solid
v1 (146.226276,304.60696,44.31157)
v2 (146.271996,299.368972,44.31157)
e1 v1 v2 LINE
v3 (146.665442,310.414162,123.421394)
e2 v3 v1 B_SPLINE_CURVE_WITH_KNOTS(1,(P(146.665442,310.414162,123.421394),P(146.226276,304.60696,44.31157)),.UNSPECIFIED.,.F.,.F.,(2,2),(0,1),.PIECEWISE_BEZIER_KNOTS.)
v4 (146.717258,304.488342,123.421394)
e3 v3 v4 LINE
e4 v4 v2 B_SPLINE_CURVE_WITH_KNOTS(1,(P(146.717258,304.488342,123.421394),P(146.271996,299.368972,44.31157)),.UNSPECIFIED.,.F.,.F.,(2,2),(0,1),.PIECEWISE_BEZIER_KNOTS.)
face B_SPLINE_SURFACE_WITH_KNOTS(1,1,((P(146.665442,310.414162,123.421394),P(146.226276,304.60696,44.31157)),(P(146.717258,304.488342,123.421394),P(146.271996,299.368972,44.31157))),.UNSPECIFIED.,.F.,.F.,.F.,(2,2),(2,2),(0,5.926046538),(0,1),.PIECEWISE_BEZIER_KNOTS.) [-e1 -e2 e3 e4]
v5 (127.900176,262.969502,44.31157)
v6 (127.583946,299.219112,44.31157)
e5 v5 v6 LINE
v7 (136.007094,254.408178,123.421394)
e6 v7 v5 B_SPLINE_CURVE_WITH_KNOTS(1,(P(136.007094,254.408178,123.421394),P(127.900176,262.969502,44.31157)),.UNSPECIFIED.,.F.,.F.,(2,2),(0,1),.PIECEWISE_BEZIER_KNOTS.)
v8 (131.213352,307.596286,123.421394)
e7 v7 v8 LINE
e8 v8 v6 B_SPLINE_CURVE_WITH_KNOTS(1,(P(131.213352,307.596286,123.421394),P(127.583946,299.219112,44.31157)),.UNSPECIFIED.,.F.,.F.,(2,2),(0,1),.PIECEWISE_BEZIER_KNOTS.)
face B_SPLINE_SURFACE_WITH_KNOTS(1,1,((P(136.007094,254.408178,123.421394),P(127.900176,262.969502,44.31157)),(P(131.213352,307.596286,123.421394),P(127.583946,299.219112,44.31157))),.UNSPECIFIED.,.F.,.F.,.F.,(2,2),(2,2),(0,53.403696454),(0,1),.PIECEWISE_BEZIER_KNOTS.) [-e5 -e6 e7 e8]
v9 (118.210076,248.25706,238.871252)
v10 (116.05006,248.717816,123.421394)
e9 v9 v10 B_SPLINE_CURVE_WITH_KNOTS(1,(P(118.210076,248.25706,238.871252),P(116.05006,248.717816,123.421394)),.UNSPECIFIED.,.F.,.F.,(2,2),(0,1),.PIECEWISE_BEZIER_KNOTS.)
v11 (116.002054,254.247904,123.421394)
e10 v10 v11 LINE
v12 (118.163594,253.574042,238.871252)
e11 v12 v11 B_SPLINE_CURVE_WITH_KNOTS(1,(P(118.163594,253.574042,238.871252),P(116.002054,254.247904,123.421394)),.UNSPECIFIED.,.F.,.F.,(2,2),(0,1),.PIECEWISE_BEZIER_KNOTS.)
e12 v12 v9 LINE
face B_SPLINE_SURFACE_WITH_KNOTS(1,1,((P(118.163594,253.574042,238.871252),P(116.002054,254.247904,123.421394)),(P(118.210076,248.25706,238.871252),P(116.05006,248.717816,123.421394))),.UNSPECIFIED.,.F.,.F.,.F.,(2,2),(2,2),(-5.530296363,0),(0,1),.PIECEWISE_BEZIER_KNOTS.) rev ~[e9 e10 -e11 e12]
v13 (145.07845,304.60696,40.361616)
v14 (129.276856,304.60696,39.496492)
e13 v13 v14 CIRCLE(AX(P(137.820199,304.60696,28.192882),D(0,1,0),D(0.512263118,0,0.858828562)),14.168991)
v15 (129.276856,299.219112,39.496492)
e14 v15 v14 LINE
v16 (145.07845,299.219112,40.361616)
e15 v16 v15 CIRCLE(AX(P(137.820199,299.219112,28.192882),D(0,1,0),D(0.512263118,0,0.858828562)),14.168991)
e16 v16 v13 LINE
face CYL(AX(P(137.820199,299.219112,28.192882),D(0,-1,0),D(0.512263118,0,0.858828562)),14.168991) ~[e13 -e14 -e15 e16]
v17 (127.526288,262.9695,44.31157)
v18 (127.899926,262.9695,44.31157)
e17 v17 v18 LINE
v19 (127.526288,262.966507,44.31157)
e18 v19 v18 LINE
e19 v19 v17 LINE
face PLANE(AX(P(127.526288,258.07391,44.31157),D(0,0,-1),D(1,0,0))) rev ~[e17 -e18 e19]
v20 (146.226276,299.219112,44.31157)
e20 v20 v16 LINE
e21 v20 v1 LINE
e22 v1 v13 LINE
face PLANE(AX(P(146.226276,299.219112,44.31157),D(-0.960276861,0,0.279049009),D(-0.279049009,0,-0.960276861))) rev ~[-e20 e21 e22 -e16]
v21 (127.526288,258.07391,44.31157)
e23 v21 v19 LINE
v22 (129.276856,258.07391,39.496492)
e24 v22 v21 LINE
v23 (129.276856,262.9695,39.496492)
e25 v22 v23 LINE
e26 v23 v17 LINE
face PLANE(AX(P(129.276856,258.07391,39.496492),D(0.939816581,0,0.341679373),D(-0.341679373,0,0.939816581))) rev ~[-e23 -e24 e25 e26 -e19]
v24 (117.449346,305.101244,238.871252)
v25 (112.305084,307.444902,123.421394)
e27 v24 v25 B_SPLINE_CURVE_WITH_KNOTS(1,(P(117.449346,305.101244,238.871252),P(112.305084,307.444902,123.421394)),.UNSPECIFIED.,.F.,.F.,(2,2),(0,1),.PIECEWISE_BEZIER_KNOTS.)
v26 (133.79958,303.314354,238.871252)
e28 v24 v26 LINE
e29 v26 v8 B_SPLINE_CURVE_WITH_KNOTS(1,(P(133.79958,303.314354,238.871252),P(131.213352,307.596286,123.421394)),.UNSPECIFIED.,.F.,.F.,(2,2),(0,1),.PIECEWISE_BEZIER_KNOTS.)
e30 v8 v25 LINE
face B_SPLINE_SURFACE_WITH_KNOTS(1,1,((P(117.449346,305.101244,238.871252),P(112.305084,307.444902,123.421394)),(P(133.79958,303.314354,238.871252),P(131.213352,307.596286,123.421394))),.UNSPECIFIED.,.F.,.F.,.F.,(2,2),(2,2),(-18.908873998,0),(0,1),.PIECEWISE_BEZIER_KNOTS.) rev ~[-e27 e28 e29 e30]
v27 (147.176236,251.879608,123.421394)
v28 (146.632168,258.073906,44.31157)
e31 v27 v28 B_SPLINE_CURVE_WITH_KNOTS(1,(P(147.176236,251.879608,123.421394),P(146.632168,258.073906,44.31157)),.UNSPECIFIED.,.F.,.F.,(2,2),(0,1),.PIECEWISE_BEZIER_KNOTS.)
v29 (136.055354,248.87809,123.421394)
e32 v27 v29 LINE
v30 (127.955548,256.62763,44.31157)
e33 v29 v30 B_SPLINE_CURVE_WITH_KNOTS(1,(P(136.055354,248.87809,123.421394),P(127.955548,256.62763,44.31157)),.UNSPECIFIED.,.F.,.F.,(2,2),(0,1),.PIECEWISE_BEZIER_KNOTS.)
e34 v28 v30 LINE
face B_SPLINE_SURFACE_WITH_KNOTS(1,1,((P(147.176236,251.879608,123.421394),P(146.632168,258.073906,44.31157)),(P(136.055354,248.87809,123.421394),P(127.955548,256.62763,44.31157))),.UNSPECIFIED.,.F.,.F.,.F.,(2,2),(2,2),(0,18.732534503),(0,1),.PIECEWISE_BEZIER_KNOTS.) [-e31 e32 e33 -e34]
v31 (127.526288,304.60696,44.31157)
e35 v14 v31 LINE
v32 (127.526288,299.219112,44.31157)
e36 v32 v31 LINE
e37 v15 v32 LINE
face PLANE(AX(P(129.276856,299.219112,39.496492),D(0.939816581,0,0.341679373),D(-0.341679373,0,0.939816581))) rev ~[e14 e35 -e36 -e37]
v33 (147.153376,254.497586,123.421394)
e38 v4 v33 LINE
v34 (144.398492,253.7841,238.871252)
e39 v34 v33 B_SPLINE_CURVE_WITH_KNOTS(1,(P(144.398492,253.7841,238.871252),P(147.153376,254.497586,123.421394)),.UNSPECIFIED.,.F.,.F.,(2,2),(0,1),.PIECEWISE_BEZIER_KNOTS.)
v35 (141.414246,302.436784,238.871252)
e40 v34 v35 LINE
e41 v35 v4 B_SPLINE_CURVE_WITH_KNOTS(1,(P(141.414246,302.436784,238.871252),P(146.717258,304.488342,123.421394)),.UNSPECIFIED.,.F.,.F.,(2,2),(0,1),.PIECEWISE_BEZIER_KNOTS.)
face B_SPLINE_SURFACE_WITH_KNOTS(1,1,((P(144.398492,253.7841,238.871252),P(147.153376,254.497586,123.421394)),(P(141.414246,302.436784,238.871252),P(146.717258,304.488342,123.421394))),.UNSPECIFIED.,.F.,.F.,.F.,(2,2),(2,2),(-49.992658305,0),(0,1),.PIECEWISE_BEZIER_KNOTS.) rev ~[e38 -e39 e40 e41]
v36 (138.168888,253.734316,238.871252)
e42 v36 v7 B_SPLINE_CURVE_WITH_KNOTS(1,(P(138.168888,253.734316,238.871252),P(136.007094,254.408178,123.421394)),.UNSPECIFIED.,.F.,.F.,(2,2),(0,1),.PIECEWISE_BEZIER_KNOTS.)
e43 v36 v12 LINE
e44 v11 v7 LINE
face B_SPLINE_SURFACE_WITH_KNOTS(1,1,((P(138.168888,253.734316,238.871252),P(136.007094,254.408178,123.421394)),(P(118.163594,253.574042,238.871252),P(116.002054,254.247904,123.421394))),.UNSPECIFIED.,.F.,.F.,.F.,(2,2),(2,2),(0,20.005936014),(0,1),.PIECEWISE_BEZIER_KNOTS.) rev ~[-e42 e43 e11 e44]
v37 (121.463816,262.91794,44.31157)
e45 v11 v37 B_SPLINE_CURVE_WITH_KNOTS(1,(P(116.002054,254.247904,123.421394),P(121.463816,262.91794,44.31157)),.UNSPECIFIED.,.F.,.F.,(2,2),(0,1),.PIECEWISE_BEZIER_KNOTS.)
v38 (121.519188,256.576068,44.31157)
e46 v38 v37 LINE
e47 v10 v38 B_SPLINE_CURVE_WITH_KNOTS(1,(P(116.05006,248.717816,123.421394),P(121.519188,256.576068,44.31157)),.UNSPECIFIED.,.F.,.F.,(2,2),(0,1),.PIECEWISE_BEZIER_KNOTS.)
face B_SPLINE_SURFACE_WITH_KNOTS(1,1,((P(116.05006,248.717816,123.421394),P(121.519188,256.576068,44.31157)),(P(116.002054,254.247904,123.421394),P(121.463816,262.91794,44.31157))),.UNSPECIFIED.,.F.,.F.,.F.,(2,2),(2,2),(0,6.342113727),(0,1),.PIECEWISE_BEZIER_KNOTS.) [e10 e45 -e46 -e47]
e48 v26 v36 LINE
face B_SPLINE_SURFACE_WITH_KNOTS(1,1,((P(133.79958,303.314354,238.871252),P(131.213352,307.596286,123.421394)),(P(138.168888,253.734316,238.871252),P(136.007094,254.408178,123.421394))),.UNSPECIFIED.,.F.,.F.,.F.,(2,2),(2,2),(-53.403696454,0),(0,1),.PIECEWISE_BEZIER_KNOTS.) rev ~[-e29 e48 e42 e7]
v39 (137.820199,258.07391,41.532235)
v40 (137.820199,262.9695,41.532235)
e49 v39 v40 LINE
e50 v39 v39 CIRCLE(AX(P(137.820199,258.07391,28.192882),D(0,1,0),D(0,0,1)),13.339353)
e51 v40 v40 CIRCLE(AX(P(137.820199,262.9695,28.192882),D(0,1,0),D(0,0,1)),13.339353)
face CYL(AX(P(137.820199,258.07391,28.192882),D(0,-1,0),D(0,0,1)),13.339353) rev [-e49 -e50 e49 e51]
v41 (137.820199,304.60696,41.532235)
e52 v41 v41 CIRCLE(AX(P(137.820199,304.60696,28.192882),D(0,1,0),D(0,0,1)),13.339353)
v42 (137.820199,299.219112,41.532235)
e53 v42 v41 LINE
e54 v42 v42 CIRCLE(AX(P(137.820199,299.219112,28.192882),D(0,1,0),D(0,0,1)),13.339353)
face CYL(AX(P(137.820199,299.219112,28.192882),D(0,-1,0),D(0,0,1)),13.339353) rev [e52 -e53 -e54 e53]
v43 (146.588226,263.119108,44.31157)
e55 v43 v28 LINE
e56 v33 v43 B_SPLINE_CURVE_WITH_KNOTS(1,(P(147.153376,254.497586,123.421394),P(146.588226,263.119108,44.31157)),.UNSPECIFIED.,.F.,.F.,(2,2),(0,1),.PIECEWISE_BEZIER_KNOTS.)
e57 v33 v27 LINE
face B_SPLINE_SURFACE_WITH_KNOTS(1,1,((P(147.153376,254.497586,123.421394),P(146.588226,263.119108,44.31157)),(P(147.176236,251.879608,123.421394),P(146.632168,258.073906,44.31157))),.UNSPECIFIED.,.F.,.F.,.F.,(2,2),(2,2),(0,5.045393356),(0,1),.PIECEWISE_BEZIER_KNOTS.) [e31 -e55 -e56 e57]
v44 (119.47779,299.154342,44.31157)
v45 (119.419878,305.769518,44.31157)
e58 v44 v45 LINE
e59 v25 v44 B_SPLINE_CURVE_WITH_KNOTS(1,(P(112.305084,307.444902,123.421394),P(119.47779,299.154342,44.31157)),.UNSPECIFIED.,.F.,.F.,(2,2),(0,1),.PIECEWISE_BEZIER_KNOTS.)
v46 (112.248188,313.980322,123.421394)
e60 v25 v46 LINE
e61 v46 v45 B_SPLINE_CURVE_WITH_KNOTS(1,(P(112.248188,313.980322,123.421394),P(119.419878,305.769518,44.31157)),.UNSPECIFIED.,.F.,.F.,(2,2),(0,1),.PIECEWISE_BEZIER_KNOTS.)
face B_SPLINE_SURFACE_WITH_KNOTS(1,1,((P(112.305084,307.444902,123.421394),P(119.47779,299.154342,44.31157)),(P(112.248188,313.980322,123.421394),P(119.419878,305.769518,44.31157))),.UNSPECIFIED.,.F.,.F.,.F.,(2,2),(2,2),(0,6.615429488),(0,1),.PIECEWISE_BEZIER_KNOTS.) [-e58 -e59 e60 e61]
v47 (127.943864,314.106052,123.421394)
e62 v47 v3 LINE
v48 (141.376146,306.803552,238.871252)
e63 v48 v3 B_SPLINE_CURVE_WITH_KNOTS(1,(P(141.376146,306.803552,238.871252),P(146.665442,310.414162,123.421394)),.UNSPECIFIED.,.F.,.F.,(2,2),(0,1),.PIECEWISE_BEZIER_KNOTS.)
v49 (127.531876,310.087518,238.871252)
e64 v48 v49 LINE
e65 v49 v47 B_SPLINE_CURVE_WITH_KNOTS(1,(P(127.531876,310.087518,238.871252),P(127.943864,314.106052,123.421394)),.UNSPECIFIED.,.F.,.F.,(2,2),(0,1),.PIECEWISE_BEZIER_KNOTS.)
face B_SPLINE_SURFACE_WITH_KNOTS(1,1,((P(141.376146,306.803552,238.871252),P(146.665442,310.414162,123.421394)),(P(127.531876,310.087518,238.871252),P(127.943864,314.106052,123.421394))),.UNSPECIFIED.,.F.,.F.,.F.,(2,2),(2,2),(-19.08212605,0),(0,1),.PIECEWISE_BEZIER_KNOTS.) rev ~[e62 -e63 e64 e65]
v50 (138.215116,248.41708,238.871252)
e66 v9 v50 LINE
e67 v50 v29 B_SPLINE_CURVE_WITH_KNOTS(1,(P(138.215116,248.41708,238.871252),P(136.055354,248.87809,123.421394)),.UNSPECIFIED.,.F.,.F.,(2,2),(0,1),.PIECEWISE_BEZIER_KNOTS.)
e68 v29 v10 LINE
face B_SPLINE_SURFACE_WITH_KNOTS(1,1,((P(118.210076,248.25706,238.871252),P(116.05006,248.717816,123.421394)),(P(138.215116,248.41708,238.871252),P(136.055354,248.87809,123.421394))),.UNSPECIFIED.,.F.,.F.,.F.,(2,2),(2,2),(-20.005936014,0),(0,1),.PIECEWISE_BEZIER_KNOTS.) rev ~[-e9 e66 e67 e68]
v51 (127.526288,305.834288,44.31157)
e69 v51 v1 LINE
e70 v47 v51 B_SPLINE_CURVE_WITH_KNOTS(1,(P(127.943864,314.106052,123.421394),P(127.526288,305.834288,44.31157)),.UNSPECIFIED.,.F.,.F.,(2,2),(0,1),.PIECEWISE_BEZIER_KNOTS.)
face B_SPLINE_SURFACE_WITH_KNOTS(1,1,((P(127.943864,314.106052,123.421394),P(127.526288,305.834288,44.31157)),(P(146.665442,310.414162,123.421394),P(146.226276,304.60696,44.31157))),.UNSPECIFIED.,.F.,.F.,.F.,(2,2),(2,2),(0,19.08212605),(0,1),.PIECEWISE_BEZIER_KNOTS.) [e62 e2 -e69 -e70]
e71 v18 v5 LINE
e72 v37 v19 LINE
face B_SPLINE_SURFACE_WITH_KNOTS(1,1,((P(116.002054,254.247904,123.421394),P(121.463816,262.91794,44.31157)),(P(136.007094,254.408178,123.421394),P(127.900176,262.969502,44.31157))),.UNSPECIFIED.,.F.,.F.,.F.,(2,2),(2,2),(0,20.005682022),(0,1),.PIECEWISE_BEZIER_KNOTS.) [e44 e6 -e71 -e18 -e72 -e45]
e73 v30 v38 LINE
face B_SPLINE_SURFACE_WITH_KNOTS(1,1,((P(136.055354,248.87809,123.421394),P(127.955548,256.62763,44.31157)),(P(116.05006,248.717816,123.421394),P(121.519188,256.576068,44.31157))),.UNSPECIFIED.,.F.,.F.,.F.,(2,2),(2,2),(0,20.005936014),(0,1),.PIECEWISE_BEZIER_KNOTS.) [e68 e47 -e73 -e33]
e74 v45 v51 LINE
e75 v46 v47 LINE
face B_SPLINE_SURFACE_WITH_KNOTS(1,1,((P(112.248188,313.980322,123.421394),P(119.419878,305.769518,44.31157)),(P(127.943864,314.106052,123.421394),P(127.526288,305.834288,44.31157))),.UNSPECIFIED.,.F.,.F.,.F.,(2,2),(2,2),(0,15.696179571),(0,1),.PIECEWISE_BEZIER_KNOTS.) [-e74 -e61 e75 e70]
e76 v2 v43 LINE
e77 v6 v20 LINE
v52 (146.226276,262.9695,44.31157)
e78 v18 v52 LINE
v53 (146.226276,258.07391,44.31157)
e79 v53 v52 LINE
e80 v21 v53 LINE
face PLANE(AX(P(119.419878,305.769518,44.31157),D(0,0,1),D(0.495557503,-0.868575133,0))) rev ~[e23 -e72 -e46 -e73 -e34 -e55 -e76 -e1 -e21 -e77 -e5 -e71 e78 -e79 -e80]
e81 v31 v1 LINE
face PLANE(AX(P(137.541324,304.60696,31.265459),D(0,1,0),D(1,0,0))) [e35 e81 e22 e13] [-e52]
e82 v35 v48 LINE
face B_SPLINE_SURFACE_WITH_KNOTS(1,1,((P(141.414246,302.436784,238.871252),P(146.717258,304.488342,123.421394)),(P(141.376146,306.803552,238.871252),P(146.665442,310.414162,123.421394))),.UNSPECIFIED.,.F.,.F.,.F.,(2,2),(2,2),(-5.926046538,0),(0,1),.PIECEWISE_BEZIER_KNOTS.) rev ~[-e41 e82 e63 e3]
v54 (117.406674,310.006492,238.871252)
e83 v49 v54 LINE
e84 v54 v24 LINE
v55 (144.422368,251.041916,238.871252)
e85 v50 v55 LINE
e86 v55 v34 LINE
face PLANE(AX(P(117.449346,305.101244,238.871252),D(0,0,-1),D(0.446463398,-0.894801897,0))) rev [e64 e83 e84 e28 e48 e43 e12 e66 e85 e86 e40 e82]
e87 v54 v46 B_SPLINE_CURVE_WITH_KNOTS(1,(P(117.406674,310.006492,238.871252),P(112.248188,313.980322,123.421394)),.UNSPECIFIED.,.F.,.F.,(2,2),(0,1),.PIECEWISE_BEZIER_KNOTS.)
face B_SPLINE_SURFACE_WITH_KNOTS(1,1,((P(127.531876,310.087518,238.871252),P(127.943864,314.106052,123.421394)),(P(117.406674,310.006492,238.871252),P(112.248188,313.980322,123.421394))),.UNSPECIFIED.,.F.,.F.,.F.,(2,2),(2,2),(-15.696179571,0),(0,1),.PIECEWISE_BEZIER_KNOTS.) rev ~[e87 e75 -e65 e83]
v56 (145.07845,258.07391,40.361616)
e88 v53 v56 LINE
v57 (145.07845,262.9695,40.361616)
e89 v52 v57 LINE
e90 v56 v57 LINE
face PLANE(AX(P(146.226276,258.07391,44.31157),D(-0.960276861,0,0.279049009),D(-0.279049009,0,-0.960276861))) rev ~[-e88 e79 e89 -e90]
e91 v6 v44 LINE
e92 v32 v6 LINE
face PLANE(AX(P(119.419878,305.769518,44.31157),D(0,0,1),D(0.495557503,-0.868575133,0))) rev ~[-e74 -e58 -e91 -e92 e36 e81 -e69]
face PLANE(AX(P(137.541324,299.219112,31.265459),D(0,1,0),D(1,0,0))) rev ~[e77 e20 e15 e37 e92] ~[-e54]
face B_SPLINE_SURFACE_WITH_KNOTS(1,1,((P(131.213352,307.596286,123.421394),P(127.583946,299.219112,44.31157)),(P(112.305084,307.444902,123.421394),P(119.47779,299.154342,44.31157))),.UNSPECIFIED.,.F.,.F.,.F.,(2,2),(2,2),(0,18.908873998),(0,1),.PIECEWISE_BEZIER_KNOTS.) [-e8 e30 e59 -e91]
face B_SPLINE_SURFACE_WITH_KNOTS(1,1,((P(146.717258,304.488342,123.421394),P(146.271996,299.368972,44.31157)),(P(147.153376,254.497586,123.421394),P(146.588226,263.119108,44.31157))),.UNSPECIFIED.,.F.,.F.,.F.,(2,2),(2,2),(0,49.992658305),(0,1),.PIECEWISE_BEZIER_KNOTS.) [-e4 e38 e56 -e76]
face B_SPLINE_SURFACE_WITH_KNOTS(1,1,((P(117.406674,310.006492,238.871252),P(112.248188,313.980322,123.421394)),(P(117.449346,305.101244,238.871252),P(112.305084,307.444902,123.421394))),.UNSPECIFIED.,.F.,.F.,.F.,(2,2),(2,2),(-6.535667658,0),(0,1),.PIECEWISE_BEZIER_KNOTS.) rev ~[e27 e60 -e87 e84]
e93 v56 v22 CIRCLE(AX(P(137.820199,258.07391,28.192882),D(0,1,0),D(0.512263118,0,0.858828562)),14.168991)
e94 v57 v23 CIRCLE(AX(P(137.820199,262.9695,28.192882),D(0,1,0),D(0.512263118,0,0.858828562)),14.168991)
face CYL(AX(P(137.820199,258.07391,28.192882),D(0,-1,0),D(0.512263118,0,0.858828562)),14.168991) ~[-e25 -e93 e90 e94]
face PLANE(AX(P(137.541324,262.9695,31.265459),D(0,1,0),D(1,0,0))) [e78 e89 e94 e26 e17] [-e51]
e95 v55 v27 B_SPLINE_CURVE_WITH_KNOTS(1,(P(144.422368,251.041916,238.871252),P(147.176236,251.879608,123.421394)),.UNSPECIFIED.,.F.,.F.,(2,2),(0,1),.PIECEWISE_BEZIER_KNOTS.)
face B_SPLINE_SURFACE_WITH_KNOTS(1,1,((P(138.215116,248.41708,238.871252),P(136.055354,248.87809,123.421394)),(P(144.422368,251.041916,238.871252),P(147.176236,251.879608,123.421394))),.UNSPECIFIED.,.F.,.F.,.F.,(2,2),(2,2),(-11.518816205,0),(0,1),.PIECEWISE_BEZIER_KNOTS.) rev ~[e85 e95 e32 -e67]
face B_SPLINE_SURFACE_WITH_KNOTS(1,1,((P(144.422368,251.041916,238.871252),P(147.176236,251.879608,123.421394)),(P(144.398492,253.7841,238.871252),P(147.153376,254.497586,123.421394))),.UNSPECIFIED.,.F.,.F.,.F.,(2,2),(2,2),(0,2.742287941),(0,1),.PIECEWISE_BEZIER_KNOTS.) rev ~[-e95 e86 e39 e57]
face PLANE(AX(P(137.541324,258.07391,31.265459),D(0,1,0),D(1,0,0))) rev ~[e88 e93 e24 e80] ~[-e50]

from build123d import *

# Parameters (mm, degrees)
SKETCH4_R           = 13.33935295
BOSS_EXTRUDE1_DEPTH = 5.387848
BOSS_EXTRUDE2_START = -41.145202
SKETCH4_2_R         = 13.33935295
BOSS_EXTRUDE2_DEPTH = 4.89559


with BuildPart() as part:
    # Sketch1 → Loft1 section 0
    with BuildSketch(Plane.XY.offset(238.871252)):
        with BuildLine():
            Line((117.449346, 305.101244), (133.79958, 303.314354))
            Line((133.79958, 303.314354), (138.168888, 253.734316))
            Line((138.168888, 253.734316), (118.163594, 253.574042))
            Line((118.163594, 253.574042), (118.210076, 248.25706))
            Line((118.210076, 248.25706), (138.215116, 248.41708))
            Line((138.215116, 248.41708), (144.422368, 251.041916))
            Line((144.422368, 251.041916), (144.398492, 253.7841))
            Line((144.398492, 253.7841), (141.414246, 302.436784))
            Line((141.414246, 302.436784), (141.376146, 306.803552))
            Line((141.376146, 306.803552), (127.531876, 310.087518))
            Line((127.531876, 310.087518), (117.406674, 310.006492))
            Line((117.406674, 310.006492), (117.449346, 305.101244))
        make_face()
    # Sketch2 → Loft1 section 1
    with BuildSketch(Plane.XY.offset(123.421394)):
        with BuildLine():
            Line((112.248188, 313.980322), (127.943864, 314.106052))
            Line((127.943864, 314.106052), (146.665442, 310.414162))
            Line((146.665442, 310.414162), (146.717258, 304.488342))
            Line((146.717258, 304.488342), (147.153376, 254.497586))
            Line((147.153376, 254.497586), (147.176236, 251.879608))
            Line((147.176236, 251.879608), (136.055354, 248.87809))
            Line((136.055354, 248.87809), (116.05006, 248.717816))
            Line((116.05006, 248.717816), (116.002054, 254.247904))
            Line((116.002054, 254.247904), (136.007094, 254.408178))
            Line((136.007094, 254.408178), (131.213352, 307.596286))
            Line((131.213352, 307.596286), (112.305084, 307.444902))
            Line((112.305084, 307.444902), (112.248188, 313.980322))
        make_face()
    loft()

    # Sketch2<3> → Loft2 section 0
    with BuildSketch(Plane.XY.offset(123.421394)):
        with BuildLine():
            Line((112.248188, 313.980322), (127.943864, 314.106052))
            Line((127.943864, 314.106052), (146.665442, 310.414162))
            Line((146.665442, 310.414162), (146.717258, 304.488342))
            Line((146.717258, 304.488342), (147.153376, 254.497586))
            Line((147.153376, 254.497586), (147.176236, 251.879608))
            Line((147.176236, 251.879608), (136.055354, 248.87809))
            Line((136.055354, 248.87809), (116.05006, 248.717816))
            Line((116.05006, 248.717816), (116.002054, 254.247904))
            Line((116.002054, 254.247904), (136.007094, 254.408178))
            Line((136.007094, 254.408178), (131.213352, 307.596286))
            Line((131.213352, 307.596286), (112.305084, 307.444902))
            Line((112.305084, 307.444902), (112.248188, 313.980322))
        make_face()
    # Sketch3 → Loft2 section 1
    with BuildSketch(Plane.XY.offset(44.31157)):
        with BuildLine():
            Line((119.47779, 299.154342), (119.419878, 305.769518))
            Line((119.419878, 305.769518), (127.526288, 305.834288))
            Line((127.526288, 305.834288), (146.226276, 304.60696))
            Line((146.226276, 304.60696), (146.271996, 299.368972))
            Line((146.271996, 299.368972), (146.588226, 263.119108))
            Line((146.588226, 263.119108), (146.632168, 258.073906))
            Line((146.632168, 258.073906), (127.955548, 256.62763))
            Line((127.955548, 256.62763), (121.519188, 256.576068))
            Line((121.519188, 256.576068), (121.463816, 262.91794))
            Line((121.463816, 262.91794), (127.900176, 262.969502))
            Line((127.900176, 262.969502), (127.583946, 299.219112))
            Line((127.583946, 299.219112), (119.47779, 299.154342))
        make_face()
    loft()

    # Sketch4 → Boss-Extrude1 (add)
    with BuildSketch(Plane(origin=(0, 299.219112, 0), x_dir=(1, 0, 0), z_dir=(0, 1, 0))):
        with BuildLine():
            Line((146.226276, -44.31157), (145.07845, -40.361616))
            ThreePointArc((145.07845, -40.361616), (138.59477889, -14.045079031), (129.276856, -39.496492))
            Line((129.276856, -39.496492), (127.526288, -44.31157))
            Line((127.526288, -44.31157), (146.226276, -44.31157))
        make_face()
        with Locations(Location((137.820198563, -28.192881954, 0), (0, 0, 270))):
            Circle(SKETCH4_R, mode=Mode.SUBTRACT)
    extrude(amount=BOSS_EXTRUDE1_DEPTH)

    # Sketch4<2> → Boss-Extrude2 (add)
    with BuildSketch(Plane(origin=(0, 299.219112, 0), x_dir=(1, 0, 0), z_dir=(0, 1, 0)).offset(BOSS_EXTRUDE2_START)):
        with BuildLine():
            Line((146.226276, -44.31157), (145.07845, -40.361616))
            ThreePointArc((145.07845, -40.361616), (138.59477889, -14.045079031), (129.276856, -39.496492))
            Line((129.276856, -39.496492), (127.526288, -44.31157))
            Line((127.526288, -44.31157), (146.226276, -44.31157))
        make_face()
        with Locations(Location((137.820198563, -28.192881954, 0), (0, 0, 270))):
            Circle(SKETCH4_2_R, mode=Mode.SUBTRACT)
    extrude(amount=BOSS_EXTRUDE2_DEPTH)


solid = part.part
